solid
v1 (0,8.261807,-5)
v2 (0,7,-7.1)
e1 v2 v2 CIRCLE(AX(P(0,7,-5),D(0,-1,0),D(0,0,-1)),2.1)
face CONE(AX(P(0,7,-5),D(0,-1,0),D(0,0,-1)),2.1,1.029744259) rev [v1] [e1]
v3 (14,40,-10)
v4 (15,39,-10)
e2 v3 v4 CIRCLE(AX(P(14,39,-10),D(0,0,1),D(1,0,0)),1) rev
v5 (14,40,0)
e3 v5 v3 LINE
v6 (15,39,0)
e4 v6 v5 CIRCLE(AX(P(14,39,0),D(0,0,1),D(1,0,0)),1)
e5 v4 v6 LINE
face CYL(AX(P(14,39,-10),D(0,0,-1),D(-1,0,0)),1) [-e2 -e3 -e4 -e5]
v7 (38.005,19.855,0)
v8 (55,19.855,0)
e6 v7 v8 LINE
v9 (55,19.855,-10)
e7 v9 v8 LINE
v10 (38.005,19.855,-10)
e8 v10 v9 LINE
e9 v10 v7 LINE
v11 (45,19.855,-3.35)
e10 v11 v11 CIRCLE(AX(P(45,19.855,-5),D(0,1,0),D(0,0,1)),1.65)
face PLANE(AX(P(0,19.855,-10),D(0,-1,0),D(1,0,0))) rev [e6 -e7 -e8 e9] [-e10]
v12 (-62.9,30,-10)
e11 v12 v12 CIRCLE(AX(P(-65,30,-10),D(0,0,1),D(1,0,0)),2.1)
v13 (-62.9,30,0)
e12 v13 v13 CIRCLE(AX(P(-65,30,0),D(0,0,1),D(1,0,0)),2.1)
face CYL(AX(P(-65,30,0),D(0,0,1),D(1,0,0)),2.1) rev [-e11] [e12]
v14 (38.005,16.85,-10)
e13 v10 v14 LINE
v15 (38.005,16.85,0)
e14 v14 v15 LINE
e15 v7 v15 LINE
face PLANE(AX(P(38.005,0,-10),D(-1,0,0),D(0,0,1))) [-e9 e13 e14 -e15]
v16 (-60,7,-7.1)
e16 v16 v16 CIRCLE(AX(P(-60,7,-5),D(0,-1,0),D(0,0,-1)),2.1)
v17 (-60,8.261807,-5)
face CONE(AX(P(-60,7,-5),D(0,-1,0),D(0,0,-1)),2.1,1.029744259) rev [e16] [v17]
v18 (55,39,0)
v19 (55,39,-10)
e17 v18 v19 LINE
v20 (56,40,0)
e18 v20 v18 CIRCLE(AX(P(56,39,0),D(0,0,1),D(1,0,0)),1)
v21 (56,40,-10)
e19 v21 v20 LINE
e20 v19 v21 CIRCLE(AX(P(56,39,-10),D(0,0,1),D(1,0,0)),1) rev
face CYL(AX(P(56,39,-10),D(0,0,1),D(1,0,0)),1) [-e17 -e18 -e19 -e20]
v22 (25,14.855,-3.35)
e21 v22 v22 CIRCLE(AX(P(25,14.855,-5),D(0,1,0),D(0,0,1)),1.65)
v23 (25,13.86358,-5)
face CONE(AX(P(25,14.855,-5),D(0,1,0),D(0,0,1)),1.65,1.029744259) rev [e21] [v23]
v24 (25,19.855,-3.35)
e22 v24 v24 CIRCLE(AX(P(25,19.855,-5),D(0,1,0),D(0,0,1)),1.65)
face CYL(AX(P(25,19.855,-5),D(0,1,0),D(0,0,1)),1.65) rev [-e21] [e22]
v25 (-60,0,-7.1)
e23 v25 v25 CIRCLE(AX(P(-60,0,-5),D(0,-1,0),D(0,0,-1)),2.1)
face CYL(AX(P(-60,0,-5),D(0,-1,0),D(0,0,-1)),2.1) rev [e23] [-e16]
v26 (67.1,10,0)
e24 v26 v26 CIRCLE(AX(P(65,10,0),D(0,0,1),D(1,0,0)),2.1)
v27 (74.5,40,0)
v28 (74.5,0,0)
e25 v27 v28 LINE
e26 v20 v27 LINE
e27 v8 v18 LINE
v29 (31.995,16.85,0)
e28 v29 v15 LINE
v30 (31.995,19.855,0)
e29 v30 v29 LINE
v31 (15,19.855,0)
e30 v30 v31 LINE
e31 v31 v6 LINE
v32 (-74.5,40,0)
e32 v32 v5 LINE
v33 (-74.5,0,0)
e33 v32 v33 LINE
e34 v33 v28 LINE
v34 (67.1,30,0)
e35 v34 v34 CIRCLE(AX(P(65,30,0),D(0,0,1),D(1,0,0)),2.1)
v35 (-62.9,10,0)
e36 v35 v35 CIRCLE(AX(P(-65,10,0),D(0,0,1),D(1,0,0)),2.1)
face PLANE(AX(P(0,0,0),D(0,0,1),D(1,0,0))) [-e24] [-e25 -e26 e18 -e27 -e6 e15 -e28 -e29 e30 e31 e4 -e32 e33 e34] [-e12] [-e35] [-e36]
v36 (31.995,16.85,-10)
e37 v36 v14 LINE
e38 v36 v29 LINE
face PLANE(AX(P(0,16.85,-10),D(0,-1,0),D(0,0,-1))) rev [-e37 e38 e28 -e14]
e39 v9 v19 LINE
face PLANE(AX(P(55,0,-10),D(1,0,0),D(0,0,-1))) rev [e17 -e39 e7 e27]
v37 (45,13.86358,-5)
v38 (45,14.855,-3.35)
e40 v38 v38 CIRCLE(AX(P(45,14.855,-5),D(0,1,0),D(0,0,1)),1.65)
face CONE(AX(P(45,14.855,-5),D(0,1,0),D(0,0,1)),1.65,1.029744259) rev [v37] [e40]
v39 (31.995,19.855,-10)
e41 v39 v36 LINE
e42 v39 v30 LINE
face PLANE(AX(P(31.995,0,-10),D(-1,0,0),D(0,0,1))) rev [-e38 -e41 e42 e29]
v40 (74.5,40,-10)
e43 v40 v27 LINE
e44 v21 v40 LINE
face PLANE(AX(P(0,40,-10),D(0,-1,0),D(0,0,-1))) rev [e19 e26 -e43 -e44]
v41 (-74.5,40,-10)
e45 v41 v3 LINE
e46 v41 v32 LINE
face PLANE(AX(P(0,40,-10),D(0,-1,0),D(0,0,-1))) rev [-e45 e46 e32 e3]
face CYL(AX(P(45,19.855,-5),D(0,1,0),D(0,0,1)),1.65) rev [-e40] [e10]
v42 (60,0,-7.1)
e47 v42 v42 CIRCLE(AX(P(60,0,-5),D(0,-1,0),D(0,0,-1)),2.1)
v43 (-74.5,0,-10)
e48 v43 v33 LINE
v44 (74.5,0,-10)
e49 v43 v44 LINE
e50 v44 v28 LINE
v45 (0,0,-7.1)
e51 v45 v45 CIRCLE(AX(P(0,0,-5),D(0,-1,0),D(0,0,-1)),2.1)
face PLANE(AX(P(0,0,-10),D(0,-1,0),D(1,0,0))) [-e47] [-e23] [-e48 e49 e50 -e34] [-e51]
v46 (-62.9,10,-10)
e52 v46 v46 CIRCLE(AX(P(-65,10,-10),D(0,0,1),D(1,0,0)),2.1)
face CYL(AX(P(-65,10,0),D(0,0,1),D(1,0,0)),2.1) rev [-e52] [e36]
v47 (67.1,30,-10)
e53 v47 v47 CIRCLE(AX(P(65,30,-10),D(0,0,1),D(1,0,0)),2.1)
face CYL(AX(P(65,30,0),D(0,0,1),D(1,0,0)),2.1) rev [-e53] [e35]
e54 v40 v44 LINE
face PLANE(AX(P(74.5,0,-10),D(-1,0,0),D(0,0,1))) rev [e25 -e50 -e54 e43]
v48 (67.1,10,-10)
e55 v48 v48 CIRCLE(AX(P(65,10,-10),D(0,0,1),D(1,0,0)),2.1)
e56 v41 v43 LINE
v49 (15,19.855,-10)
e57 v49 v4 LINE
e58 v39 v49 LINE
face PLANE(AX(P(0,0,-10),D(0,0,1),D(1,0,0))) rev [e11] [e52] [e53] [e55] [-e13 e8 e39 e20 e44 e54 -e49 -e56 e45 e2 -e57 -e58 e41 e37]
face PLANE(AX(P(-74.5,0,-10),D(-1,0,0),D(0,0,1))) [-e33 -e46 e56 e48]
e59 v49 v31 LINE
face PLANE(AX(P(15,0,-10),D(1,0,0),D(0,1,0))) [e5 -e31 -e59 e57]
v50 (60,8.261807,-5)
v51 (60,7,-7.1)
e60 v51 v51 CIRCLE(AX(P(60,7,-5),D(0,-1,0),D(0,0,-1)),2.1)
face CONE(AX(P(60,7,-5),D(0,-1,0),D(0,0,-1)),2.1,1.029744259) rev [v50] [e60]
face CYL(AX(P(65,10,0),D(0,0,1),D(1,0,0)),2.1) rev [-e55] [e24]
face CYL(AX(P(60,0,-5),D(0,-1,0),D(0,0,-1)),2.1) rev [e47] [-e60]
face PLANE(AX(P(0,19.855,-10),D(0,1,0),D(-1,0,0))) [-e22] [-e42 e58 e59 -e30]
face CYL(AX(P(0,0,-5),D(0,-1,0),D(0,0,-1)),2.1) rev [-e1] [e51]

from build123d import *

# Parameters (mm, degrees)
BOSS_EXTRUDE1_DEPTH             = 10
TAP_DRILL_FOR_M4X0_7_TAP1_D     = 3.3
TAP_DRILL_FOR_M4X0_7_TAP1_DEPTH = 5
TAP_DRILL_FOR_M4X0_7_TAP1_TIP   = 0.991420021
TAP_DRILL_FOR_M5X0_8_TAP3_D     = 4.2
TAP_DRILL_FOR_M5X0_8_TAP2_D     = 4.2
TAP_DRILL_FOR_M5X0_8_TAP2_DEPTH = 7
TAP_DRILL_FOR_M5X0_8_TAP2_TIP   = 1.2618073
FILLET1_R                       = 1


with BuildPart() as part:
    # Sketch1 → Boss-Extrude1 (new body)
    with BuildSketch(Plane.XY):
        Polygon((15, 40), (-74.5, 40), (-74.5, 0), (74.5, 0), (74.5, 40), (55, 40), (55, 19.855), (38.005, 19.855), (38.005, 16.85), (31.995, 16.85), (31.995, 19.855), (15, 19.855), align=None)
    extrude(amount=-BOSS_EXTRUDE1_DEPTH)

    # Tap Drill for M4x0.7 Tap1
    with Locations(Plane(origin=(25, 19.855, -5), x_dir=(1, 0, 0), z_dir=(0, 1, 0))):
        with Locations((0, 0), (20, 0)):
            Hole(TAP_DRILL_FOR_M4X0_7_TAP1_D / 2, depth=TAP_DRILL_FOR_M4X0_7_TAP1_DEPTH)
            with Locations((0, 0, -(TAP_DRILL_FOR_M4X0_7_TAP1_DEPTH + TAP_DRILL_FOR_M4X0_7_TAP1_TIP / 2))):  # 118° drill point
                Cone(0, TAP_DRILL_FOR_M4X0_7_TAP1_D / 2, TAP_DRILL_FOR_M4X0_7_TAP1_TIP, mode=Mode.SUBTRACT)

    # Tap Drill for M5x0.8 Tap3 (through all)
    with Locations(Plane(origin=(-65, 30, 0), x_dir=(1, 0, 0), z_dir=(0, 0, 1))):
        with Locations((0, 0), (0, -20), (130, -20), (130, 0)):
            Hole(TAP_DRILL_FOR_M5X0_8_TAP3_D / 2)

    # Tap Drill for M5x0.8 Tap2
    with Locations(Plane(origin=(-60, 0, -5), x_dir=(-1, 0, 0), z_dir=(0, -1, 0))):
        with Locations((0, 0), (-60, 0), (-120, 0)):
            Hole(TAP_DRILL_FOR_M5X0_8_TAP2_D / 2, depth=TAP_DRILL_FOR_M5X0_8_TAP2_DEPTH)
            with Locations((0, 0, -(TAP_DRILL_FOR_M5X0_8_TAP2_DEPTH + TAP_DRILL_FOR_M5X0_8_TAP2_TIP / 2))):  # 118° drill point
                Cone(0, TAP_DRILL_FOR_M5X0_8_TAP2_D / 2, TAP_DRILL_FOR_M5X0_8_TAP2_TIP, mode=Mode.SUBTRACT)

    # Fillet1
    fillet1_edges = [part.edges().sort_by_distance(p)[0] for p in [
        (55, 40, -5),
        (15, 40, -5),
    ]]
    fillet(fillet1_edges, radius=FILLET1_R)


solid = part.part
